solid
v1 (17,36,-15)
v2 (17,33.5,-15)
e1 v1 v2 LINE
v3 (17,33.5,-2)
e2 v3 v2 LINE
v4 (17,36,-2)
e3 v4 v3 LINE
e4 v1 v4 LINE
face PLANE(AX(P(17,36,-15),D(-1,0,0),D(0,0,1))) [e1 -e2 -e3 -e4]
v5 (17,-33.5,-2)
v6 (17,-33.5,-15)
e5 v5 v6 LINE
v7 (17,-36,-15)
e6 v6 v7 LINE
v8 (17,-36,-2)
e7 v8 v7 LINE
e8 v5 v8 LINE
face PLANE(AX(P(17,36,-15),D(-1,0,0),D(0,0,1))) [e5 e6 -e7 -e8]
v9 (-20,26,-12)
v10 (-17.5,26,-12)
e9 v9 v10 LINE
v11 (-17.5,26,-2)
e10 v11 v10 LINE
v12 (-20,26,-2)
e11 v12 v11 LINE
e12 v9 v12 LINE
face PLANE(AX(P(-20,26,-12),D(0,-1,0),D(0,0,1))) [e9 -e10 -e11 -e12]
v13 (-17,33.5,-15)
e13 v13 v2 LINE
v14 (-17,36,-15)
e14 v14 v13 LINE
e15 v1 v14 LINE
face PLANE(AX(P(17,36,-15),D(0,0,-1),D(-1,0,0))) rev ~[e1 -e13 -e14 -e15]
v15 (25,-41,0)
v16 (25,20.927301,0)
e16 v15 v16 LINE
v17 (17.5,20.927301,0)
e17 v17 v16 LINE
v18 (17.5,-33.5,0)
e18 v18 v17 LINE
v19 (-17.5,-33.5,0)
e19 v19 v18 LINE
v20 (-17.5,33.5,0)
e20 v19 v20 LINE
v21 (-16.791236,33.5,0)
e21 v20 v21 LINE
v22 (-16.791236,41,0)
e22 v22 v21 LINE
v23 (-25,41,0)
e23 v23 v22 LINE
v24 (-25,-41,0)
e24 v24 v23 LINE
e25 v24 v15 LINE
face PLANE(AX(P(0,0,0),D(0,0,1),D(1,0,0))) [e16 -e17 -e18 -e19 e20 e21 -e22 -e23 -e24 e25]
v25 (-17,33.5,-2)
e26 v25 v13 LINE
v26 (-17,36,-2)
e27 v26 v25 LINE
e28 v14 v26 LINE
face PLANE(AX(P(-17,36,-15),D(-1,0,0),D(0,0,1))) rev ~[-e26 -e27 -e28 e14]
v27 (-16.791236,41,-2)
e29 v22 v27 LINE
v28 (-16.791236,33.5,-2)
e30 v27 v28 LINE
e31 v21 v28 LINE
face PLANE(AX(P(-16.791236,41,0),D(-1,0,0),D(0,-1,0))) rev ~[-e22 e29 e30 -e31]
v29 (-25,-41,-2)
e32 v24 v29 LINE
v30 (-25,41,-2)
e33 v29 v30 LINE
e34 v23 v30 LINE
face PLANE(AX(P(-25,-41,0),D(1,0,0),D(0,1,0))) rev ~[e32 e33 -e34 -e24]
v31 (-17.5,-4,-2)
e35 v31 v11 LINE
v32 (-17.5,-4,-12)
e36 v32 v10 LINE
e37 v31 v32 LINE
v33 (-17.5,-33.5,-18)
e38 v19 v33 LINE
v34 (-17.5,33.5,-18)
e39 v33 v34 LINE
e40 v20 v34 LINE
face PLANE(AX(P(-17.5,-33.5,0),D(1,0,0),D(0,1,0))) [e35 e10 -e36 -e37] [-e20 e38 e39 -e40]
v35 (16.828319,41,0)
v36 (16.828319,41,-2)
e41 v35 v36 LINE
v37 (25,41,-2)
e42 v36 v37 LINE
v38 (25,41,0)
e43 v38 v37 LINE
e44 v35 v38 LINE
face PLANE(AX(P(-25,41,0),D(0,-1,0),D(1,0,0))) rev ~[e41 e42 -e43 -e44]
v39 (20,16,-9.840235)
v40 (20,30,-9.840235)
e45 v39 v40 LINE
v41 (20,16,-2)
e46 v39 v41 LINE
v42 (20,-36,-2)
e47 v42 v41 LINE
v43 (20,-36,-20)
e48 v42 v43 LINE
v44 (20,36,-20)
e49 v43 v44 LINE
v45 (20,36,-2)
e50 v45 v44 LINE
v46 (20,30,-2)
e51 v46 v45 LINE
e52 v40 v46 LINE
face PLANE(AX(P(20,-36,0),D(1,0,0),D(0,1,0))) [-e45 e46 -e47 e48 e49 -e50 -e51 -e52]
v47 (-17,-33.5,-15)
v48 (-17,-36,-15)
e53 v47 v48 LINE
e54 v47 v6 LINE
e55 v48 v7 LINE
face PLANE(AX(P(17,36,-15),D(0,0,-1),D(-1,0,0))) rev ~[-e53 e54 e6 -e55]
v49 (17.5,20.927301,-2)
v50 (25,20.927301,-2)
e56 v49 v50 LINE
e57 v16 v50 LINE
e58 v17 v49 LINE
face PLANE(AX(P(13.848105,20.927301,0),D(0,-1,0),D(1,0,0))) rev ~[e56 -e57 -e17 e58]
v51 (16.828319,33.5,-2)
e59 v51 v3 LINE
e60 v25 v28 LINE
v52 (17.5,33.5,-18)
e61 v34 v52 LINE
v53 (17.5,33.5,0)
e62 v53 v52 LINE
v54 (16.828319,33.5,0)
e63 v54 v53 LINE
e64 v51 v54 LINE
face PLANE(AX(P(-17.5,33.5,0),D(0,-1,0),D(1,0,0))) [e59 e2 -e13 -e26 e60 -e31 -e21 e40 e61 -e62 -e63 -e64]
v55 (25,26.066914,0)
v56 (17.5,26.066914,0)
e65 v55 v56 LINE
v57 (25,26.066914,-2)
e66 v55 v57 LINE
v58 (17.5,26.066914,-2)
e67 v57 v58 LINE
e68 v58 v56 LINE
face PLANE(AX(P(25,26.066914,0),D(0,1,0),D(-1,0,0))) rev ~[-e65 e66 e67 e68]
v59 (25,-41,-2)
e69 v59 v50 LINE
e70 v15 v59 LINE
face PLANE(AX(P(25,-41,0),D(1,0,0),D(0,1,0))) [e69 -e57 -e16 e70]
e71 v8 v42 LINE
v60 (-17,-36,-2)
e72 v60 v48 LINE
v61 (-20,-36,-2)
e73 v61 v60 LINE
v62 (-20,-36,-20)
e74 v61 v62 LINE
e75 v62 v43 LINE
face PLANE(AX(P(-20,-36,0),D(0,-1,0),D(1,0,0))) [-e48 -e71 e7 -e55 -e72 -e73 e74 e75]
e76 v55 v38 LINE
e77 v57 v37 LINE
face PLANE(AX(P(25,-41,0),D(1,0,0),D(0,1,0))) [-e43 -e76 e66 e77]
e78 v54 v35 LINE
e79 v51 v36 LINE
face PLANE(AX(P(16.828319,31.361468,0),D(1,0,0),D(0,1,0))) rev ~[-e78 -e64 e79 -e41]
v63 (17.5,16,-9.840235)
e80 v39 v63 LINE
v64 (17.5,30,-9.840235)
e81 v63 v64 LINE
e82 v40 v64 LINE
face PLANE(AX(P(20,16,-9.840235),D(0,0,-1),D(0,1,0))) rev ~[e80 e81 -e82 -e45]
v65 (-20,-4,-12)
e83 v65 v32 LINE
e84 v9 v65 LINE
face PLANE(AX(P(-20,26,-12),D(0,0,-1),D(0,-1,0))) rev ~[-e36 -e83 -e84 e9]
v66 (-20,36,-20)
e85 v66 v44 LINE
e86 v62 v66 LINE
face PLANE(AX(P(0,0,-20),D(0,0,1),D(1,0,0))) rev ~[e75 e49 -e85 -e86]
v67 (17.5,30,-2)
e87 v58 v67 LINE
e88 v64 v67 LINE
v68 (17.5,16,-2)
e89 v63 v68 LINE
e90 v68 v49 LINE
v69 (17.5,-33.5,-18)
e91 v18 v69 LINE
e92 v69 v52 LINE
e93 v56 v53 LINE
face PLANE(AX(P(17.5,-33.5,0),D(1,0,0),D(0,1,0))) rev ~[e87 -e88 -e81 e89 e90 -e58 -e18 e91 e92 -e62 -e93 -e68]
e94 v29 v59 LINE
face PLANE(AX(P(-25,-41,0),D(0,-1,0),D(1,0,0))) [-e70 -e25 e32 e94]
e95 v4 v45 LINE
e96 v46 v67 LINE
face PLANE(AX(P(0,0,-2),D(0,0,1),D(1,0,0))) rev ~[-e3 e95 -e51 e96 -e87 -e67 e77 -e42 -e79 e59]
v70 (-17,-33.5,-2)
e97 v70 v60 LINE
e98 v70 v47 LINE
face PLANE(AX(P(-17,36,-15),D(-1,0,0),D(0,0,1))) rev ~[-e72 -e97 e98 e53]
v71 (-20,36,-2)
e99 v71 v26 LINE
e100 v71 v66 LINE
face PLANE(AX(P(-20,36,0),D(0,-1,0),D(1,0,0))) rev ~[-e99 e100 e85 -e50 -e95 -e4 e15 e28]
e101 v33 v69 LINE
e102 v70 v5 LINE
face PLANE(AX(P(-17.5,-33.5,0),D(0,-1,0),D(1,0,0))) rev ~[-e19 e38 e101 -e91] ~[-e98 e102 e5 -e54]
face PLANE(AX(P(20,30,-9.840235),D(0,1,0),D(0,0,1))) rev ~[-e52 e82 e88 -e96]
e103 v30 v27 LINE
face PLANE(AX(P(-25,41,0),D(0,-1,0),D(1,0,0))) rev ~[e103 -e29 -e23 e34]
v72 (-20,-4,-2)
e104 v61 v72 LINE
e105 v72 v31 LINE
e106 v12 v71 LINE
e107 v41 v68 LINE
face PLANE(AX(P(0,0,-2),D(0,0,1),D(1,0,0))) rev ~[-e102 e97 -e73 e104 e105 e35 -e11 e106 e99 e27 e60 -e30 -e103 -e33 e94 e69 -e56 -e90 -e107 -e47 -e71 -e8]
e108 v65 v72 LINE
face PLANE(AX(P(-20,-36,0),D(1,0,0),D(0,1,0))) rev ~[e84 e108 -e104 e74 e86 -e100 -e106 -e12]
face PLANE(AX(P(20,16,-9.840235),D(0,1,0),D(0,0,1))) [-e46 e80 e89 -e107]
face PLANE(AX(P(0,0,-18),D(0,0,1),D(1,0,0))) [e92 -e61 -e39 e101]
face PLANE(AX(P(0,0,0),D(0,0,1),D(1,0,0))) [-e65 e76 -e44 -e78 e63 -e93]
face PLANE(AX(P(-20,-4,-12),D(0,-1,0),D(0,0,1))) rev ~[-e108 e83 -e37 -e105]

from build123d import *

# Parameters (mm, degrees)
F0_W      = 40
F0_H      = 72
F0_W_2    = 35
F0_H_2    = 67
F1_DEPTH  = 20
F0_W_3    = 50
F0_H_3    = 82
F2_DEPTH  = 2
F3_DEPTH  = 18
F4_W      = 14
F4_H      = 7.8402353459
F5_DEPTH  = 5
F6_W      = 30
F6_H      = 10
F7_DEPTH  = 5
F8_W      = 34
F8_H      = 13
F9_DEPTH  = 126.25
F10_W     = 5
F10_H     = 5.1396135241
F10_W_2   = 33.6195547134
F10_H_2   = 5
F10_H_3   = 4.6385318637
F10_W_3   = 6.1518945545
F11_DEPTH = 5


with BuildPart() as f1:
    # F0 (on Top) → F1 (new body)
    with BuildSketch(Plane.XY):
        Rectangle(F0_W, F0_H)
        Rectangle(F0_W_2, F0_H_2, mode=Mode.SUBTRACT)
        Rectangle(F0_W_2, F0_H_2)
    extrude(amount=-F1_DEPTH)

    # F0 (on Top) → F2 (join)
    with BuildSketch(Plane.XY):
        Rectangle(F0_W_3, F0_H_3)
        Rectangle(F0_W, F0_H, mode=Mode.SUBTRACT)
    extrude(amount=-F2_DEPTH)

    # F0 (on Top) → F3 (cut)
    with BuildSketch(Plane.XY):
        Rectangle(F0_W_2, F0_H_2)
    extrude(amount=-F3_DEPTH, mode=Mode.SUBTRACT)

    # F4 (on face) → F5 (cut)
    with BuildSketch(Plane.YZ.offset(20)):
        with Locations((23, -5.920117673)):
            Rectangle(F4_W, F4_H)
    extrude(amount=-F5_DEPTH, mode=Mode.SUBTRACT)

    # F6 (on face) → F7 (cut)
    with BuildSketch(Plane(origin=(-20, 0, 0), x_dir=(0, -1, 0), z_dir=(-1, 0, 0))):
        with Locations((-11, -7)):
            Rectangle(F6_W, F6_H)
    extrude(amount=-F7_DEPTH, mode=Mode.SUBTRACT)

    # F8 (on face) → F9 (cut)
    with BuildSketch(Plane(origin=(0, 36, 0), x_dir=(-1, 0, 0), z_dir=(0, 1, 0))):
        with Locations((0, -8.5)):
            Rectangle(F8_W, F8_H)
    extrude(amount=-F9_DEPTH, mode=Mode.SUBTRACT)

    # F10 (on face) → F11 (cut)
    with BuildSketch(Plane.XY):
        with Locations((22.5, 23.4971074387)):
            Rectangle(F10_W, F10_H)
        with Locations((0.0185417011, 38.5)):
            Rectangle(F10_W_2, F10_H_2)
        with Locations((0.0185417011, 33.6807340682)):
            Rectangle(F10_W_2, F10_H_3)
        with Locations((16.9240527228, 23.4971074387)):
            Rectangle(F10_W_3, F10_H)
    extrude(amount=-F11_DEPTH, mode=Mode.SUBTRACT)


solid = f1.part
